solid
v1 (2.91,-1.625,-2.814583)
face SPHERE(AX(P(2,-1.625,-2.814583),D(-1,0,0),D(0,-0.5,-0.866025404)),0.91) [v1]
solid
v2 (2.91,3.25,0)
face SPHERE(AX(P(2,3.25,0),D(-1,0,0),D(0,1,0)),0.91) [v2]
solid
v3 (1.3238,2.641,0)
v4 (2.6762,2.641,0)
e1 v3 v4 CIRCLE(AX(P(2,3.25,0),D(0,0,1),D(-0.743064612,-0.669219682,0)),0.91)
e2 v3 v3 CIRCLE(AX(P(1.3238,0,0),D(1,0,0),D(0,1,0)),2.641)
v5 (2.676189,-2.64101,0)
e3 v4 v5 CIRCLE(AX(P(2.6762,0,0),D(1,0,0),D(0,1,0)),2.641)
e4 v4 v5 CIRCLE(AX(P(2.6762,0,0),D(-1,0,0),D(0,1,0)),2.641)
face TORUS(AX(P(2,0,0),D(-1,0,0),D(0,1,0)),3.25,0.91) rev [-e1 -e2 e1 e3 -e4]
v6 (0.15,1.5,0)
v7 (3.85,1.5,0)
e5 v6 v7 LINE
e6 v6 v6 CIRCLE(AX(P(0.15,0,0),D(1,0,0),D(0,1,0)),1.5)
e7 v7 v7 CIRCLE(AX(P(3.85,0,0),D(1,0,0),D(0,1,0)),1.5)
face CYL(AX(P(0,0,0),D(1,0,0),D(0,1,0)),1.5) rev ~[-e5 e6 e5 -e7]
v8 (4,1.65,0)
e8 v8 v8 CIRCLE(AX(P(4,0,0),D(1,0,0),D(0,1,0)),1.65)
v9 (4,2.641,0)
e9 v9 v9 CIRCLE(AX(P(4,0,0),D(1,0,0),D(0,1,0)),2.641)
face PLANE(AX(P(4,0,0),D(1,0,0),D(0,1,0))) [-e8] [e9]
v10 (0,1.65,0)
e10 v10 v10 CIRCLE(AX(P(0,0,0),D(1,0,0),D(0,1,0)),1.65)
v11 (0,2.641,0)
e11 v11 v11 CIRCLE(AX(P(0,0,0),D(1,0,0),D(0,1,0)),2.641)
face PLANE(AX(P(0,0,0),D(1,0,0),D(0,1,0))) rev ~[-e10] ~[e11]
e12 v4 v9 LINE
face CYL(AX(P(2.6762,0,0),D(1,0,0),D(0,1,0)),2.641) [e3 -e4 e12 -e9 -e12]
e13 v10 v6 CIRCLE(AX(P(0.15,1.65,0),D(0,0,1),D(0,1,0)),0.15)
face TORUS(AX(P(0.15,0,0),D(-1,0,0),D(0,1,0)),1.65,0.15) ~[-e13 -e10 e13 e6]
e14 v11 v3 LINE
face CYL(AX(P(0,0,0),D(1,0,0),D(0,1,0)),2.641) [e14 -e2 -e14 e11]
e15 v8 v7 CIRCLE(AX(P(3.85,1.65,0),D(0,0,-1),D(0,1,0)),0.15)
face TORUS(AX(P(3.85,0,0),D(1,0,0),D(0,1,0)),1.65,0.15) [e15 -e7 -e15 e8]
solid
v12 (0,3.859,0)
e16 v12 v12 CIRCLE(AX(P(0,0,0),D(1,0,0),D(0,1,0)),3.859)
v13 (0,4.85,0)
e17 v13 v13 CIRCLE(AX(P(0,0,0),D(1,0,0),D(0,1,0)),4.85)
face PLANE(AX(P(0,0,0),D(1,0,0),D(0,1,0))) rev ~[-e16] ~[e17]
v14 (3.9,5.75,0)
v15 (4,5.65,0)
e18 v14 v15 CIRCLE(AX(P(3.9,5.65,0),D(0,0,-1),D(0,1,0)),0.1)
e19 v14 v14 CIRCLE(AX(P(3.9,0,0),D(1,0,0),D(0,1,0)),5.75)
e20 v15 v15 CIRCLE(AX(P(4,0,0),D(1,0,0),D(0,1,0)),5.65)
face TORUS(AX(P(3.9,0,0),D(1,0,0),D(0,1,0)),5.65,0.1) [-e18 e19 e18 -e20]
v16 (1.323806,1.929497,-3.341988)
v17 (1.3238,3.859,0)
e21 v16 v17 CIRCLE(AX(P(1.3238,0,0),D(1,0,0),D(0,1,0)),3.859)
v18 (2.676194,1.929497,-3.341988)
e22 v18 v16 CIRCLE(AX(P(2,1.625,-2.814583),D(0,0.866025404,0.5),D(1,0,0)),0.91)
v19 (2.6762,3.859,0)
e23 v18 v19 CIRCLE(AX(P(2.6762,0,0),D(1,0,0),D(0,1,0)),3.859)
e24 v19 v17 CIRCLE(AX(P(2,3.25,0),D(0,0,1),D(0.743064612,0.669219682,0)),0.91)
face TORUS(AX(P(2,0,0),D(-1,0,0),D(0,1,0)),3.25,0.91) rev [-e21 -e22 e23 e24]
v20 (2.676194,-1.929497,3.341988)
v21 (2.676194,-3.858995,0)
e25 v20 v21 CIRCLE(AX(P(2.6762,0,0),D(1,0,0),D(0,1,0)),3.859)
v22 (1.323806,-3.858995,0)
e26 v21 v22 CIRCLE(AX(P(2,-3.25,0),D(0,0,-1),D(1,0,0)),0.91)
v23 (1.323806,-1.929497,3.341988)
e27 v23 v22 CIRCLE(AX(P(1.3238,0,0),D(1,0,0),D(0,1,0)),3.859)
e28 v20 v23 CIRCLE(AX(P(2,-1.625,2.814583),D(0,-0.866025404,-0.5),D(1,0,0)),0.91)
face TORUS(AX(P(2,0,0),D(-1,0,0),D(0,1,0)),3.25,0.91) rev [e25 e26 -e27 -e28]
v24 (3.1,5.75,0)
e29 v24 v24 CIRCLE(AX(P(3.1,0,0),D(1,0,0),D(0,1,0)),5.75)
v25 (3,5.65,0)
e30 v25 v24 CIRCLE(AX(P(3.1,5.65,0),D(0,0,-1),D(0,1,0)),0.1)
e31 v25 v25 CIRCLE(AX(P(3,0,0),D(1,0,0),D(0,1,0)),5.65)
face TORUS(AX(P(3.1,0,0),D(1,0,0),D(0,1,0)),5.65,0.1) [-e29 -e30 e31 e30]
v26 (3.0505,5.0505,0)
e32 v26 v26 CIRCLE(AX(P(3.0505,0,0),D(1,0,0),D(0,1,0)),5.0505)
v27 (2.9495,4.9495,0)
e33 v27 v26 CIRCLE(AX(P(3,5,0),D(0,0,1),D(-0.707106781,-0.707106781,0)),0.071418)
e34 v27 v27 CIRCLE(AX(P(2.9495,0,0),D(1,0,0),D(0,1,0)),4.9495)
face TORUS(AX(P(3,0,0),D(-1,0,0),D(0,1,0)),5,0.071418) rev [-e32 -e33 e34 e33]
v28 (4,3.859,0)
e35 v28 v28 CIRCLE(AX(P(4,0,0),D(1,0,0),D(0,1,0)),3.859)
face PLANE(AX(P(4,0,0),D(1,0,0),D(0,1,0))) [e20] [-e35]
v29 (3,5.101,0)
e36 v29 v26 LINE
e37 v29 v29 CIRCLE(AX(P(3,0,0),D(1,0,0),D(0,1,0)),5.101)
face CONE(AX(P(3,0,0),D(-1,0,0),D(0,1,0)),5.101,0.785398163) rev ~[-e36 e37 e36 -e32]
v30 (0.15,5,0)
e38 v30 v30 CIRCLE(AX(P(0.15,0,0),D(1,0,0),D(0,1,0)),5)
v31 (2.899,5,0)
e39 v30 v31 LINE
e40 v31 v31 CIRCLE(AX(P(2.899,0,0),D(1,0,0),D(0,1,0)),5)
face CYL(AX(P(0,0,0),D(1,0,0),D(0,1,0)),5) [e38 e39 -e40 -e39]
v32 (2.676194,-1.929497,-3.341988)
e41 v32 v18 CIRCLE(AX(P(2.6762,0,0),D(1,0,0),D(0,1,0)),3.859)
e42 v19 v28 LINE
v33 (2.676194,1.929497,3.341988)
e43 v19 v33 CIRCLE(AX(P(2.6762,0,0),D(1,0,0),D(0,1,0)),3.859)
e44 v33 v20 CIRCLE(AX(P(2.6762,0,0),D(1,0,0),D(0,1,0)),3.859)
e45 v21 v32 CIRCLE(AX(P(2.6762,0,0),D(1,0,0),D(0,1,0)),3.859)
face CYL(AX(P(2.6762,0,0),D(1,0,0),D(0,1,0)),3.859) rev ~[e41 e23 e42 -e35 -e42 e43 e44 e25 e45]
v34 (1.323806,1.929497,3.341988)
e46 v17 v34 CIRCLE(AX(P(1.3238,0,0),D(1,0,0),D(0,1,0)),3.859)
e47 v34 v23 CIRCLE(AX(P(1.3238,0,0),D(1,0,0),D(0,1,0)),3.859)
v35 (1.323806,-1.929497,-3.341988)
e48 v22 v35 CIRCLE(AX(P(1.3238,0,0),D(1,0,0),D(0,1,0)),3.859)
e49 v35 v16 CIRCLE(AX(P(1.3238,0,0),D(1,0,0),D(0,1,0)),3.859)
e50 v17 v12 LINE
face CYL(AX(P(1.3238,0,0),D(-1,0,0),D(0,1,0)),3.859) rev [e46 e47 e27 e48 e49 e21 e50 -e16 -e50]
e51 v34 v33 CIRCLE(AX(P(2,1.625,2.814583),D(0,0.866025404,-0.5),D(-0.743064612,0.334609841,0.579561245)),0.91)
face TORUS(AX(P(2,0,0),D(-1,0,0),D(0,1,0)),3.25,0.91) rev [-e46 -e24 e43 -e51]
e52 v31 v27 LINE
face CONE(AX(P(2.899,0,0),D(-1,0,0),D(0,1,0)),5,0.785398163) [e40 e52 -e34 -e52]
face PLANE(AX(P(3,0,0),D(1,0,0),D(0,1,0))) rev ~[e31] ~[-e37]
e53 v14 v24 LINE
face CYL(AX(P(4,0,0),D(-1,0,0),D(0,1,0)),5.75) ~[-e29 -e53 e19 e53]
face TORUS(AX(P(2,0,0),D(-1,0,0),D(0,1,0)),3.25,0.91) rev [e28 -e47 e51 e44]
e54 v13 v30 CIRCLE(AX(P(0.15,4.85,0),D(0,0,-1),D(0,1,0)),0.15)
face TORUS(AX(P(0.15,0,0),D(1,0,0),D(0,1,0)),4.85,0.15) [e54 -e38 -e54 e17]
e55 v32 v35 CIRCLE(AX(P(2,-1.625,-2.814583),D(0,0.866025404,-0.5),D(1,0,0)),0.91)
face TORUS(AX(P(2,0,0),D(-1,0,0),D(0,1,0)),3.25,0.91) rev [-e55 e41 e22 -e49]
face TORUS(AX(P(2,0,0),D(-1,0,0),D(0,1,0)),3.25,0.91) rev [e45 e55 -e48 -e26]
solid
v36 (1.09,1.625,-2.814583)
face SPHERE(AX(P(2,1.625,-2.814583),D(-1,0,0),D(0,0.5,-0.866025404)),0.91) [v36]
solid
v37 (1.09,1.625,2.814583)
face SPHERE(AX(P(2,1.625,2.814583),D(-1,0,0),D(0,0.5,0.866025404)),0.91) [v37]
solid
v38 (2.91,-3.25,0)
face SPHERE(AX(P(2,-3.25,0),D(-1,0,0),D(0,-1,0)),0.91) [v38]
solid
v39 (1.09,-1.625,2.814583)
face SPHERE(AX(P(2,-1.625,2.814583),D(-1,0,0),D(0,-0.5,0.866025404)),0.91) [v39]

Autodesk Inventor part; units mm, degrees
ref_plane "YZ Plane" through (0, 0, 0) normal (1, 0, 0) x (0, 1, 0)
ref_plane "XZ Plane" through (0, 0, 0) normal (0, 1, 0) x (-1, 0, 0)
ref_plane "XY Plane" through (0, 0, 0) normal (0, 0, 1) x (1, 0, 0)
sketch "Sketch" plane through (0, 0, 0) normal (0, 0, 1) x (1, 0, 0)
  line L0 (-0.7, 0) -> (4.2, 0) projected
  line L1 (0, 1.5) -> (4, 1.5)
  line L2 (2, 2.34) -> (2, 4.16)
  circle A0 centre (2, 3.25) radius 0.91
  line L3 (2.91, 3.25) -> (1.09, 3.25)
  line L4 (2.6762, 2.641) -> (4, 2.641)
  line L5 (3.5, 2.641) -> (3.5, 2.641)
  line L6 (2.6762, 3.859) -> (4, 3.859)
  line L7 (1.3238, 3.859) -> (0, 3.859)
  line L8 (0, 3.859) -> (0, 3.859)
  line L9 (0, 5) -> (2.899, 5)
  line L10 (3.5, 3.859) -> (3.5, 3.859)
  line L11 (4, 5.75) -> (3, 5.75)
  line L12 (3, 5.75) -> (3, 5.101)
  line L13 (3, 5) -> (3, 5) construction
  line L14 (3, 5.101) -> (3.0505, 5.0505)
  line L15 (2.899, 5) -> (2.9495, 4.9495)
  arc A1 (2.9495, 4.9495) -> (3.0505, 5.0505) centre (3, 5) ccw
  line L16 (2.899, 5) -> (3, 5) construction
  line L17 (3, 5.101) -> (3, 5) construction
  line L18 (0, 5) -> (0, 3.859)
  line L19 (0, 2.641) -> (0, 1.5)
  line L20 (4, 5.75) -> (4, 3.859)
  line L21 (4, 2.641) -> (4, 1.5)
  line L22 (0, 8.8348) -> (0, -0.5088) projected
  line L23 (0, 2.641) -> (1.3238, 2.641)
  dimension "d5" = 1.82
  dimension "d1" = 0.0714
  dimension "d2" = 45
  dimension "d10" = 3
  dimension "d11" = 5.282
  dimension "d12" = 5.282
  dimension "d13" = 6.5
  dimension "d14" = 7.718
  dimension "d15" = 7.718
  dimension "d16" = 10
  dimension "d17" = 11.5
  dimension "d116" = 4
  dimension "d117" = 1
  dimension "d118" = 2
revolve "Body" add sketch "Sketch" angle 360 about axis through (-10, 0, 0) along (1, 0, 0) contours L19 L23 A0 L4 L21 L1 | L18 L9 L15 A1 L14 L12 L11 L20 L6 A0 L7
fillet "Fillet1" radius 0.1 2 edges at (4, -5.75, 0) (3, -5.75, 0)
fillet "Fillet1" radius 0.15 1 edges at (0, -5, 0)
fillet "Fillet1" radius 0.15 1 edges at (0, -1.5, 0)
fillet "Fillet1" radius 0.15 1 edges at (4, -1.5, 0)
revolve "Ball" add sketch "Sketch" angle 360 about axis through (2.91, 3.25, 0) along (-1, 0, 0) picked at (1.5068, 3.5954) picked at (2.4932, 3.5954) contours A0 L2 L3 | L3 L2 A0
pattern_circular "Balls" count 6 over 360 about axis through (-10, 0, 0) along (1, 0, 0) of "Ball"
equation "\"d5\" = -0.26 * WD + 0.26 * BD"
equation "\"d1\" = R1"
equation "\"d2\" = ANGL"
equation "\"d10\" = WD"
equation "\"d11\" = ND3"
equation "\"d12\" = 0.326 * BD + 0.674 * WD"
equation "\"d13\" = 0.5 * WD + 0.5 * BD"
equation "\"d14\" = ND1"
equation "\"d15\" = ND2"
equation "\"d16\" = BD"
equation "\"d17\" = SD2"
equation "\"d116\" = KB"
equation "\"d117\" = KAB"
equation "\"d118\" = 0.5 * KB"
equation "\"d20\" = KRS"
equation "\"d21\" = KR1S"
equation "\"d22\" = KR2S"
equation "\"d23\" = KR3S"
equation "\"WD\" = 3"
equation "\"BD\" = 10"
equation "\"KB\" = 4"
equation "\"KAB\" = 1"
equation "\"KRS\" = 0.1 * KAB"
equation "\"SD2\" = 11.5"
equation "\"NBR\" = 0.142857 * KAB"
equation "\"ANGL\" = 45deg"
equation "\"KR1S\" = 0.15"
equation "\"R1\" = 0.0714286 * KAB"
equation "\"NBR1\" = 0"
equation "\"NBR2\" = 0"
equation "\"ND1\" = 0.326 * WD + 0.674 * BD"
equation "\"ND2\" = 0.326 * WD + 0.674 * BD"
equation "\"ND3\" = 0.674 * WD + 0.326 * BD"
equation "\"KR2S\" = KR1S"
equation "\"KR3S\" = KR1S"
equation "\"WR\" = 0.5 * WD"
equation "\"BR\" = 0.5 * BD"
properties part number "Bearing F 623 GB/T 7218-1995" material "Steel, Mild"
